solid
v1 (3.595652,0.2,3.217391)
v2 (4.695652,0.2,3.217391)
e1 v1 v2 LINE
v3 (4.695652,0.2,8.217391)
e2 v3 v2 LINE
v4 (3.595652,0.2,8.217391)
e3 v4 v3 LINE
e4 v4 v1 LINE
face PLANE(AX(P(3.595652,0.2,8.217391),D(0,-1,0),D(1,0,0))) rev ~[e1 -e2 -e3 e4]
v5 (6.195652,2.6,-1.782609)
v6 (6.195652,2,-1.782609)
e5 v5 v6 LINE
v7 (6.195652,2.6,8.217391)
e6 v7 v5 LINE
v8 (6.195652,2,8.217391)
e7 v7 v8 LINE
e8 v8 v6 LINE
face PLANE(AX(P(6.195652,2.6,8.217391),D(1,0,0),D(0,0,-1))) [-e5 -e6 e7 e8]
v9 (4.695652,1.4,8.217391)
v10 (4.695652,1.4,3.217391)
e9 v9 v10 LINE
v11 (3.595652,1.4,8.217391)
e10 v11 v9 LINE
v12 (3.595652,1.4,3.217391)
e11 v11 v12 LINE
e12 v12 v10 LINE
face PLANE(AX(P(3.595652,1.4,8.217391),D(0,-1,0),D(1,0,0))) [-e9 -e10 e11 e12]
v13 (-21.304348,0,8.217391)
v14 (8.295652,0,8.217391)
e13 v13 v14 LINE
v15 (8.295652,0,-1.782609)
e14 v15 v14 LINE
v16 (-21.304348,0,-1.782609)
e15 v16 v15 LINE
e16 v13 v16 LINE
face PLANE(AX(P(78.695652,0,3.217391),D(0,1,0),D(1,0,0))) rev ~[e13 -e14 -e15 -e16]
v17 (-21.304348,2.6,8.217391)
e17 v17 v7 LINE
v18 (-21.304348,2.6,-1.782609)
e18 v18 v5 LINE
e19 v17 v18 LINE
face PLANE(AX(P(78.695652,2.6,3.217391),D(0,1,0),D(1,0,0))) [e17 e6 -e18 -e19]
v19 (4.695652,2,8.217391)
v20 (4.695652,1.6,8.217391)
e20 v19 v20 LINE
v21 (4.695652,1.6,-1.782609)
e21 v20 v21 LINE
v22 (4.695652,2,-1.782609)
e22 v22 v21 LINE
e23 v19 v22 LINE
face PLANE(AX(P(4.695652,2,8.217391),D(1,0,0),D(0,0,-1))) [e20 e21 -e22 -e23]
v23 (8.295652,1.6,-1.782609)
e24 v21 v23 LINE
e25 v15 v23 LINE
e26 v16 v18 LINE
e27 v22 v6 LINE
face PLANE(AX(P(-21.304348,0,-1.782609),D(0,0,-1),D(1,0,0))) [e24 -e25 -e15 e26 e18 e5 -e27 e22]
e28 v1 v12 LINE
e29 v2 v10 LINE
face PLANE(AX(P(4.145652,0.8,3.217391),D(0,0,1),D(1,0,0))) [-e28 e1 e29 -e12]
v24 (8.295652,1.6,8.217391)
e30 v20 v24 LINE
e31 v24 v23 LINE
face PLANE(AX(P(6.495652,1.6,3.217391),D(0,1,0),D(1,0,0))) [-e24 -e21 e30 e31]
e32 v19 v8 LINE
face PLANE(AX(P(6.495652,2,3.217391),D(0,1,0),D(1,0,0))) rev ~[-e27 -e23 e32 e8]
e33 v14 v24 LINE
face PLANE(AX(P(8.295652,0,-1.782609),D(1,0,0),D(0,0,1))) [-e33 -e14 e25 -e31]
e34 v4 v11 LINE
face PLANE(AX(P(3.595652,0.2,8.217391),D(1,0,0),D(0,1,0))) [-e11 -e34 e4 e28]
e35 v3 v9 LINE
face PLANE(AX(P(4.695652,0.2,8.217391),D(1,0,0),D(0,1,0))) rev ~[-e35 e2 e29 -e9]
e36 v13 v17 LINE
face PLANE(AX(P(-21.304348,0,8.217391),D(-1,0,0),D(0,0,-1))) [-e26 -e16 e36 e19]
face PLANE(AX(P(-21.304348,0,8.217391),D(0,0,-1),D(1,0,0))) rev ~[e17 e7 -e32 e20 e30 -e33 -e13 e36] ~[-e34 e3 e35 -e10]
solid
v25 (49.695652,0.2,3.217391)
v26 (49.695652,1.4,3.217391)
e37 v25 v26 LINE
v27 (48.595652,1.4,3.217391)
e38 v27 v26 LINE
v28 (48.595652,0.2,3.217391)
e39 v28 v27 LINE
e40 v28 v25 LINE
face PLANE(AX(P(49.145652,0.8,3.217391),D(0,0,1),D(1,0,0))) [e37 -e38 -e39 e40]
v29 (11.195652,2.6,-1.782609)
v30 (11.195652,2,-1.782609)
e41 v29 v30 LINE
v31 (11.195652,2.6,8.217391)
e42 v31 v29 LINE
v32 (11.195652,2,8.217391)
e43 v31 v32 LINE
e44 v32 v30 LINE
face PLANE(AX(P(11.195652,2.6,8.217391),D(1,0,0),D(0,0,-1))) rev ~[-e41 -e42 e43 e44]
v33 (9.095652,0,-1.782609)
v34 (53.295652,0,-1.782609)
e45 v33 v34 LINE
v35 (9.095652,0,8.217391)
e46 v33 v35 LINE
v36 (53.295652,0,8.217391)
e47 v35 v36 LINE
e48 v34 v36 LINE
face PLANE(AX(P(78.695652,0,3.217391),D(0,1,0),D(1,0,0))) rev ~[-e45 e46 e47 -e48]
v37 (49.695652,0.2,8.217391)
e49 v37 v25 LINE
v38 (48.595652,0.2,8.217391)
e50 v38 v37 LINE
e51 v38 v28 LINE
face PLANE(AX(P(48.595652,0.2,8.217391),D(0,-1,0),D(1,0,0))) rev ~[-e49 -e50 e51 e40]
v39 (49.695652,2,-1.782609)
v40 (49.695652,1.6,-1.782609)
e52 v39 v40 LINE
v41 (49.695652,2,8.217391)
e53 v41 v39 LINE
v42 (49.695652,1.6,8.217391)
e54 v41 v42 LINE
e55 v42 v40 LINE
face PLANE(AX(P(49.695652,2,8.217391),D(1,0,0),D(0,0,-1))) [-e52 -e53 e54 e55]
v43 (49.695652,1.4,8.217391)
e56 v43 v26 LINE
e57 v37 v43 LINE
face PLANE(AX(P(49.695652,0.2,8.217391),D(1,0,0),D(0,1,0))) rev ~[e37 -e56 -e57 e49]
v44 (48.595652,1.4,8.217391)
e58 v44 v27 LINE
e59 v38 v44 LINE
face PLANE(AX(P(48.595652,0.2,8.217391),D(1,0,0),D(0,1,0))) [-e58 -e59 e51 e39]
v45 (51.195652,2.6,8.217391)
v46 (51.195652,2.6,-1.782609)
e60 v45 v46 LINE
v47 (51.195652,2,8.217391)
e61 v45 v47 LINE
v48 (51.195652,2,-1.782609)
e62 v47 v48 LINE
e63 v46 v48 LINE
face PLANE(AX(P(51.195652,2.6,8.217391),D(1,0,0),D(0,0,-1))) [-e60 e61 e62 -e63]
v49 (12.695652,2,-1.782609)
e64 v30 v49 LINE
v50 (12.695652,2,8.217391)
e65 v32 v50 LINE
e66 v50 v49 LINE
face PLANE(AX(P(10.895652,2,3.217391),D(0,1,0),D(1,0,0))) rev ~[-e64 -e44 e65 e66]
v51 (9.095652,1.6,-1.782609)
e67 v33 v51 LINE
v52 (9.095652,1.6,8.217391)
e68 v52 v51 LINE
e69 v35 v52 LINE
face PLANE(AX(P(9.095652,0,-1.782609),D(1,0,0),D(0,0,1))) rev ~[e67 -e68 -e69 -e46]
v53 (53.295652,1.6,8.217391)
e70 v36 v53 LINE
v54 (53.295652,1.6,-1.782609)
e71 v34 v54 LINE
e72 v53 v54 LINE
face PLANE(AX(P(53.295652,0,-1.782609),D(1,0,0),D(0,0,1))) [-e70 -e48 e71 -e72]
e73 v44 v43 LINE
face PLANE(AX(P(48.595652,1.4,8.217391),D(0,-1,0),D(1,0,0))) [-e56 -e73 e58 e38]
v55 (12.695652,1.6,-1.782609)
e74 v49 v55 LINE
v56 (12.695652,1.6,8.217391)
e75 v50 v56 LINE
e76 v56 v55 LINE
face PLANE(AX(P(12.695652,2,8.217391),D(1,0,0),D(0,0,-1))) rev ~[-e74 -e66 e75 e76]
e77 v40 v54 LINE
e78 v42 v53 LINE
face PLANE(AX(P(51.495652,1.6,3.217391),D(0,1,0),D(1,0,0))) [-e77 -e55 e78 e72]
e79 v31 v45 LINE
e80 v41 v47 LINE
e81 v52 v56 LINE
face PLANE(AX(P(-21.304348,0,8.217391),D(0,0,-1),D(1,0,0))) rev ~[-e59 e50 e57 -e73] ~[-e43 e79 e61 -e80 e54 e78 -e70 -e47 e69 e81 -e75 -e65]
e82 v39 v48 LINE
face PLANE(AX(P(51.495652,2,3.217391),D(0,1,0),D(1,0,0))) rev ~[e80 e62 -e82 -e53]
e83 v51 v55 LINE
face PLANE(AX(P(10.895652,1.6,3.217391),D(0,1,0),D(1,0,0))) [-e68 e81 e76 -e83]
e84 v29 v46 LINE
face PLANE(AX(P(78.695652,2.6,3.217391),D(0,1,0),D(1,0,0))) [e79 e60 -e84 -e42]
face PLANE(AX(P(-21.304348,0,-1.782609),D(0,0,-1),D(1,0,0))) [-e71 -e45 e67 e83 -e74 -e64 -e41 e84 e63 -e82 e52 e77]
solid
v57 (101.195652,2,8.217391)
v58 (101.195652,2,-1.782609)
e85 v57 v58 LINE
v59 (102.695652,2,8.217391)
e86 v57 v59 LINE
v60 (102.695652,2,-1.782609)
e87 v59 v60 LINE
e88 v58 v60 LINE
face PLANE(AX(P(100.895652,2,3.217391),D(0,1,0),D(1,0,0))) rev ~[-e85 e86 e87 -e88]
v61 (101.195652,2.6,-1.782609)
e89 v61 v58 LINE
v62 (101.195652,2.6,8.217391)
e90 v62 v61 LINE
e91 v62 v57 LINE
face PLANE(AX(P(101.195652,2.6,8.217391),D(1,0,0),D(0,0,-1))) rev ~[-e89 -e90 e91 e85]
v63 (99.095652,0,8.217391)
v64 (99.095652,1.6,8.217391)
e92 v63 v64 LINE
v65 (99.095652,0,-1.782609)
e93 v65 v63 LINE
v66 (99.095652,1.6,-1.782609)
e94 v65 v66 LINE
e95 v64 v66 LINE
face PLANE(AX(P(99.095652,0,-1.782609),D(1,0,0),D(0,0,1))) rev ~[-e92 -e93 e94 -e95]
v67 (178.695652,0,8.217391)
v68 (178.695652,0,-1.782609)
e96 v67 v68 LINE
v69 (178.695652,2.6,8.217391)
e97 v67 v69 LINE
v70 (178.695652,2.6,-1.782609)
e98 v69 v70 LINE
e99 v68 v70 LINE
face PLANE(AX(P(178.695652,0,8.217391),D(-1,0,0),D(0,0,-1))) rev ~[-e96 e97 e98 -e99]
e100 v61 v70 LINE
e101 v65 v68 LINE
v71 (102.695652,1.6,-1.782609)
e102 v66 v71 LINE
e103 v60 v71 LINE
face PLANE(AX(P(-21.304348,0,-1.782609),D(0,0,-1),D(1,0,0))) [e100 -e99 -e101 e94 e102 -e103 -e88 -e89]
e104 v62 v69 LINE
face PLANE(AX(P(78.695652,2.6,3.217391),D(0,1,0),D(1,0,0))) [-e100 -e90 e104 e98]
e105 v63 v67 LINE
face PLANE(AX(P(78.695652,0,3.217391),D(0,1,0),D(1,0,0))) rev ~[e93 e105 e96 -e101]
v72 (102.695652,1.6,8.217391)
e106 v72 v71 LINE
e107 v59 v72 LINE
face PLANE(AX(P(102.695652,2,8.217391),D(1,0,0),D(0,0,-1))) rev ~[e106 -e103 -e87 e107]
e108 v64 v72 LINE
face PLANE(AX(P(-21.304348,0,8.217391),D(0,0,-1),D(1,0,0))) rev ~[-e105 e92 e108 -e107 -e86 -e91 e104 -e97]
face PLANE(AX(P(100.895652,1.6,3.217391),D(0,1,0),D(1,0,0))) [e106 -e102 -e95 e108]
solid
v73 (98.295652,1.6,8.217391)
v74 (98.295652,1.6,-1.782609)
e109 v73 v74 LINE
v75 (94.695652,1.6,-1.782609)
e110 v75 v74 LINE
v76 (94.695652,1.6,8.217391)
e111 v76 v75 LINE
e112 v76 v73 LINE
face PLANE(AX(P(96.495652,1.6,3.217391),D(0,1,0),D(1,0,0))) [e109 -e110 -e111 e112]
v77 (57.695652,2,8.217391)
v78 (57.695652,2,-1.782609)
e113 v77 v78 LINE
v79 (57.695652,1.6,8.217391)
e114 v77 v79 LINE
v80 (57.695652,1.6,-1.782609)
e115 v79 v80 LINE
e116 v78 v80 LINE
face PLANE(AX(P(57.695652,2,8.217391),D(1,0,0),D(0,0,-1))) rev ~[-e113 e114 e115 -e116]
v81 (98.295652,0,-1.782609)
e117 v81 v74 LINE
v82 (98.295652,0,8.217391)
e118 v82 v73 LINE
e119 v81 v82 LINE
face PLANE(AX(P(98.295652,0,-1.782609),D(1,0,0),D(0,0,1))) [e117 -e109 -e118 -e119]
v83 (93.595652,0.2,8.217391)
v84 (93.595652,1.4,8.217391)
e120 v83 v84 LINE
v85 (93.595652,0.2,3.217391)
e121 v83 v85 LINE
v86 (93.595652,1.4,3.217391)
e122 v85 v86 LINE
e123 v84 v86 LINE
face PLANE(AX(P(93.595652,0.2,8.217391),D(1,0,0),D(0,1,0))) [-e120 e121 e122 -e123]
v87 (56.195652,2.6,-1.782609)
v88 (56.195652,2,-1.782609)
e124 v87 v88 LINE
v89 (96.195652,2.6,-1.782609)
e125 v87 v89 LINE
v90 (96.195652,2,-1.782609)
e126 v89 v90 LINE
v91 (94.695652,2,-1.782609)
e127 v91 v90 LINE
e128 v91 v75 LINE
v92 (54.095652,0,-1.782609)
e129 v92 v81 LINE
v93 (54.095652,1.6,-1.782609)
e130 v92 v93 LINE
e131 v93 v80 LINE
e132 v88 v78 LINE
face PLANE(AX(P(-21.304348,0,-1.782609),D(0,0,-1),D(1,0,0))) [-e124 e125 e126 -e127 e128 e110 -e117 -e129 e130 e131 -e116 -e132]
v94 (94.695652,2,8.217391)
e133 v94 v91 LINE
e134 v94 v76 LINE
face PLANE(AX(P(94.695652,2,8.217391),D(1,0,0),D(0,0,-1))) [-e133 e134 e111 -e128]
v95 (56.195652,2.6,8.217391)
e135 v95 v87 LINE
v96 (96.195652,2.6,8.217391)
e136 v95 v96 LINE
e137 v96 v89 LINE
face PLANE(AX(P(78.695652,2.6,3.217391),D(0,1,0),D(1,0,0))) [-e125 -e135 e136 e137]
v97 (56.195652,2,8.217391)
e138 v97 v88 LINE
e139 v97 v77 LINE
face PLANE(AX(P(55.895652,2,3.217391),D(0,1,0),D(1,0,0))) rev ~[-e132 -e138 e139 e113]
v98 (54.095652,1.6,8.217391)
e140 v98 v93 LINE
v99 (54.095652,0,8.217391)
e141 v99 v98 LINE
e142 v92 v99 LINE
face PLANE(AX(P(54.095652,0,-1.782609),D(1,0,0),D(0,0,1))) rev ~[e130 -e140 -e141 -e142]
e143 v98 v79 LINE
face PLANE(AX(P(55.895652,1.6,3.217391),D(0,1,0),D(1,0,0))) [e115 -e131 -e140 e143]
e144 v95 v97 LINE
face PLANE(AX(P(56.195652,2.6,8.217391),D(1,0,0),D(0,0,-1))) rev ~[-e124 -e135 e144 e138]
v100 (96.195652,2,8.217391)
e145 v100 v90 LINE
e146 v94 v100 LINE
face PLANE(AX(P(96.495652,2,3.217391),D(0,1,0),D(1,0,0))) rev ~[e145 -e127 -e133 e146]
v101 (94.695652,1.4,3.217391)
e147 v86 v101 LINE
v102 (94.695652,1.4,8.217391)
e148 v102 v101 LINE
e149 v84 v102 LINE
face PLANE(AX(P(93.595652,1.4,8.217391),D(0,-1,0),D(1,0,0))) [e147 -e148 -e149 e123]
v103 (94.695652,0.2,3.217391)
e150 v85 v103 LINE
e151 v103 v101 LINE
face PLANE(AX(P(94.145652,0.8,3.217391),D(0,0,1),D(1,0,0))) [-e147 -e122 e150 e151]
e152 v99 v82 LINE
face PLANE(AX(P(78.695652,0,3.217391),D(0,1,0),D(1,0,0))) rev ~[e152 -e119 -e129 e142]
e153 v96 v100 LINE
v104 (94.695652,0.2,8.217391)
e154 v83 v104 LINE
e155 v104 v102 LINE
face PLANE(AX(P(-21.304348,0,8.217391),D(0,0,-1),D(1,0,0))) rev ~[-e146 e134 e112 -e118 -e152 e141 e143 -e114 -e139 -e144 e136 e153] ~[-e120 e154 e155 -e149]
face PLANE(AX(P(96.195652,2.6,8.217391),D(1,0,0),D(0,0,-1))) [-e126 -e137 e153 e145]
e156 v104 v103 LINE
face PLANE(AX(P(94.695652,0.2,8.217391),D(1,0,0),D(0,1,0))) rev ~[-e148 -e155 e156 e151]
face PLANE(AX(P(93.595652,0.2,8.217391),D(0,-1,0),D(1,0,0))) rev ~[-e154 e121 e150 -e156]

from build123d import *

# Parameters (mm, degrees)
SKETCH1_W             = 200
SKETCH1_H             = 10
BOSS_EXTRUDE1_DEPTH   = 2.6
SKETCH3_W             = 0.8
SKETCH3_H             = 10
CUT_EXTRUDE1_DEPTH    = 2
SKETCH4_W             = 5
SKETCH4_H             = 10
CUT_EXTRUDE2_DEPTH    = 0.6
SKETCH5_W             = 5
SKETCH5_H             = 10
BOSS_EXTRUDE2_DEPTH   = 0.6
BOSS_EXTRUDE2_2_DEPTH = 0.6
BOSS_EXTRUDE2_3_DEPTH = 0.6
SKETCH6_W             = 3.6
SKETCH6_H             = 10
CUT_EXTRUDE3_DEPTH    = 0.4
SKETCH11_W            = 1.1
SKETCH11_H            = 1.2
CUT_EXTRUDE4_DEPTH    = 5
SKETCH12_W            = 5
SKETCH12_H            = 10
CUT_EXTRUDE6_DEPTH    = 0.6


with BuildPart() as part:
    # Sketch1 → Boss-Extrude1 (new body)
    with BuildSketch(Plane(origin=(0, 0, 0), x_dir=(1, 0, 0), z_dir=(0, 1, 0))):
        with Locations((78.695652174, -3.217391304)):
            Rectangle(SKETCH1_W, SKETCH1_H)
    extrude(amount=BOSS_EXTRUDE1_DEPTH)

    # Sketch3 → Cut-Extrude1 (cut)
    with BuildSketch(Plane.XZ):
        with Locations((8.695652174, 3.217391304)):
            Rectangle(SKETCH3_W, SKETCH3_H)
        with Locations((53.695652174, 3.217391304)):
            Rectangle(SKETCH3_W, SKETCH3_H)
        with Locations((98.695652174, 3.217391304)):
            Rectangle(SKETCH3_W, SKETCH3_H)
    extrude(amount=-CUT_EXTRUDE1_DEPTH, mode=Mode.SUBTRACT)

    # Sketch4 → Cut-Extrude2 (cut)
    with BuildSketch(Plane(origin=(0, 2.6, 0), x_dir=(1, 0, 0), z_dir=(0, 1, 0))):
        with Locations((98.695652174, -3.217391304)):
            Rectangle(SKETCH4_W, SKETCH4_H)
        with Locations((53.695652174, -3.217391304)):
            Rectangle(SKETCH4_W, SKETCH4_H)
        with Locations((8.695652174, -3.217391304)):
            Rectangle(SKETCH4_W, SKETCH4_H)
    extrude(amount=-CUT_EXTRUDE2_DEPTH, mode=Mode.SUBTRACT)


with BuildPart() as cut_extrude2_piece_1:
    # of the separate pieces the step leaves, piece 1, a body of its own (cut_extrude2_pieces)
    add(part.part.solids().sort_by_distance((101.195652174, 2.6, 8.217391304))[0])


with BuildPart() as cut_extrude2_piece_2:
    # of the separate pieces the step leaves, piece 2, a body of its own (cut_extrude2_pieces)
    add(part.part.solids().sort_by_distance((56.195652174, 2.6, 8.217391304))[0])


with BuildPart() as cut_extrude2_piece_3:
    # of the separate pieces the step leaves, piece 3, a body of its own (cut_extrude2_pieces)
    add(part.part.solids().sort_by_distance((9.095652174, 0, 8.217391304))[0])


with BuildPart() as cut_extrude2_piece_4:
    # of the separate pieces the step leaves, piece 4, a body of its own (cut_extrude2_pieces)
    add(part.part.solids().sort_by_distance((-21.304347826, 0, 8.217391304))[0])


with BuildPart() as body_5:
    # Sketch5 → Boss-Extrude2 (new body)
    with BuildSketch(Plane(origin=(0, 2, 0), x_dir=(1, 0, 0), z_dir=(0, 1, 0))):
        with Locations((98.695652174, -3.217391304)):
            Rectangle(SKETCH5_W, SKETCH5_H)
    extrude(amount=BOSS_EXTRUDE2_DEPTH)


with BuildPart() as body_6:
    # Sketch5 → Boss-Extrude2 2 (new body)
    with BuildSketch(Plane(origin=(0, 2, 0), x_dir=(1, 0, 0), z_dir=(0, 1, 0))):
        with Locations((53.695652174, -3.217391304)):
            Rectangle(SKETCH5_W, SKETCH5_H)
    extrude(amount=BOSS_EXTRUDE2_2_DEPTH)


with BuildPart() as body_7:
    # Sketch5 → Boss-Extrude2 3 (new body)
    with BuildSketch(Plane(origin=(0, 2, 0), x_dir=(1, 0, 0), z_dir=(0, 1, 0))):
        with Locations((8.695652174, -3.217391304)):
            Rectangle(SKETCH5_W, SKETCH5_H)
    extrude(amount=BOSS_EXTRUDE2_3_DEPTH)


with BuildPart() as cut_extrude3_tool:
    # Sketch6 → Cut-Extrude3 (new body)
    with BuildSketch(Plane(origin=(0, 2, 0), x_dir=(1, 0, 0), z_dir=(0, 1, 0))):
        with Locations((10.895652174, -3.217391304)):
            Rectangle(SKETCH6_W, SKETCH6_H)
        with Locations((55.895652174, -3.217391304)):
            Rectangle(SKETCH6_W, SKETCH6_H)
        with Locations((51.495652174, -3.217391304)):
            Rectangle(SKETCH6_W, SKETCH6_H)
        with Locations((96.495652174, -3.217391304)):
            Rectangle(SKETCH6_W, SKETCH6_H)
        with Locations((100.895652174, -3.217391304)):
            Rectangle(SKETCH6_W, SKETCH6_H)
        with Locations((6.495652174, -3.217391304)):
            Rectangle(SKETCH6_W, SKETCH6_H)
    extrude(amount=-CUT_EXTRUDE3_DEPTH)


with BuildPart() as cut_extrude2_piece_1_1:
    add(cut_extrude2_piece_1.part)

    # Cut-Extrude3: cut by cut_extrude3_tool
    add(cut_extrude3_tool.part, mode=Mode.SUBTRACT)


with BuildPart() as cut_extrude2_piece_2_1:
    add(cut_extrude2_piece_2.part)

    # Cut-Extrude3: cut by cut_extrude3_tool
    add(cut_extrude3_tool.part, mode=Mode.SUBTRACT)


with BuildPart() as cut_extrude2_piece_3_1:
    add(cut_extrude2_piece_3.part)

    # Cut-Extrude3: cut by cut_extrude3_tool
    add(cut_extrude3_tool.part, mode=Mode.SUBTRACT)


with BuildPart() as cut_extrude2_piece_4_1:
    add(cut_extrude2_piece_4.part)

    # Cut-Extrude3: cut by cut_extrude3_tool
    add(cut_extrude3_tool.part, mode=Mode.SUBTRACT)


with BuildPart() as cut_extrude4_tool:
    # Sketch11 → Cut-Extrude4 (new body)
    with BuildSketch(Plane.XY.offset(8.217391304)):
        with Locations((4.145652174, 0.8)):
            Rectangle(SKETCH11_W, SKETCH11_H)
        with Locations((49.145652174, 0.8)):
            Rectangle(SKETCH11_W, SKETCH11_H)
        with Locations((94.145652174, 0.8)):
            Rectangle(SKETCH11_W, SKETCH11_H)
    extrude(amount=-CUT_EXTRUDE4_DEPTH)


with BuildPart() as cut_extrude2_piece_2_2:
    add(cut_extrude2_piece_2_1.part)

    # Cut-Extrude4: cut by cut_extrude4_tool
    add(cut_extrude4_tool.part, mode=Mode.SUBTRACT)


with BuildPart() as cut_extrude2_piece_3_2:
    add(cut_extrude2_piece_3_1.part)

    # Cut-Extrude4: cut by cut_extrude4_tool
    add(cut_extrude4_tool.part, mode=Mode.SUBTRACT)


with BuildPart() as cut_extrude2_piece_4_2:
    add(cut_extrude2_piece_4_1.part)

    # Cut-Extrude4: cut by cut_extrude4_tool
    add(cut_extrude4_tool.part, mode=Mode.SUBTRACT)


with BuildPart() as cut_extrude6_tool:
    # Sketch12 → Cut-Extrude6 (new body)
    with BuildSketch(Plane(origin=(0, 2.6, 0), x_dir=(1, 0, 0), z_dir=(0, 1, 0))):
        with Locations((8.695652174, -3.217391304)):
            Rectangle(SKETCH12_W, SKETCH12_H)
        with Locations((53.695652174, -3.217391304)):
            Rectangle(SKETCH12_W, SKETCH12_H)
        with Locations((98.695652174, -3.217391304)):
            Rectangle(SKETCH12_W, SKETCH12_H)
    extrude(amount=-CUT_EXTRUDE6_DEPTH)


with BuildPart() as body_5_1:
    add(body_5.part)

    # Cut-Extrude6: cut by cut_extrude6_tool
    add(cut_extrude6_tool.part, mode=Mode.SUBTRACT)


with BuildPart() as body_6_1:
    add(body_6.part)

    # Cut-Extrude6: cut by cut_extrude6_tool
    add(cut_extrude6_tool.part, mode=Mode.SUBTRACT)


with BuildPart() as body_7_1:
    add(body_7.part)

    # Cut-Extrude6: cut by cut_extrude6_tool
    add(cut_extrude6_tool.part, mode=Mode.SUBTRACT)


solid = Compound([cut_extrude2_piece_1_1.part, cut_extrude2_piece_2_2.part, cut_extrude2_piece_3_2.part, cut_extrude2_piece_4_2.part])
